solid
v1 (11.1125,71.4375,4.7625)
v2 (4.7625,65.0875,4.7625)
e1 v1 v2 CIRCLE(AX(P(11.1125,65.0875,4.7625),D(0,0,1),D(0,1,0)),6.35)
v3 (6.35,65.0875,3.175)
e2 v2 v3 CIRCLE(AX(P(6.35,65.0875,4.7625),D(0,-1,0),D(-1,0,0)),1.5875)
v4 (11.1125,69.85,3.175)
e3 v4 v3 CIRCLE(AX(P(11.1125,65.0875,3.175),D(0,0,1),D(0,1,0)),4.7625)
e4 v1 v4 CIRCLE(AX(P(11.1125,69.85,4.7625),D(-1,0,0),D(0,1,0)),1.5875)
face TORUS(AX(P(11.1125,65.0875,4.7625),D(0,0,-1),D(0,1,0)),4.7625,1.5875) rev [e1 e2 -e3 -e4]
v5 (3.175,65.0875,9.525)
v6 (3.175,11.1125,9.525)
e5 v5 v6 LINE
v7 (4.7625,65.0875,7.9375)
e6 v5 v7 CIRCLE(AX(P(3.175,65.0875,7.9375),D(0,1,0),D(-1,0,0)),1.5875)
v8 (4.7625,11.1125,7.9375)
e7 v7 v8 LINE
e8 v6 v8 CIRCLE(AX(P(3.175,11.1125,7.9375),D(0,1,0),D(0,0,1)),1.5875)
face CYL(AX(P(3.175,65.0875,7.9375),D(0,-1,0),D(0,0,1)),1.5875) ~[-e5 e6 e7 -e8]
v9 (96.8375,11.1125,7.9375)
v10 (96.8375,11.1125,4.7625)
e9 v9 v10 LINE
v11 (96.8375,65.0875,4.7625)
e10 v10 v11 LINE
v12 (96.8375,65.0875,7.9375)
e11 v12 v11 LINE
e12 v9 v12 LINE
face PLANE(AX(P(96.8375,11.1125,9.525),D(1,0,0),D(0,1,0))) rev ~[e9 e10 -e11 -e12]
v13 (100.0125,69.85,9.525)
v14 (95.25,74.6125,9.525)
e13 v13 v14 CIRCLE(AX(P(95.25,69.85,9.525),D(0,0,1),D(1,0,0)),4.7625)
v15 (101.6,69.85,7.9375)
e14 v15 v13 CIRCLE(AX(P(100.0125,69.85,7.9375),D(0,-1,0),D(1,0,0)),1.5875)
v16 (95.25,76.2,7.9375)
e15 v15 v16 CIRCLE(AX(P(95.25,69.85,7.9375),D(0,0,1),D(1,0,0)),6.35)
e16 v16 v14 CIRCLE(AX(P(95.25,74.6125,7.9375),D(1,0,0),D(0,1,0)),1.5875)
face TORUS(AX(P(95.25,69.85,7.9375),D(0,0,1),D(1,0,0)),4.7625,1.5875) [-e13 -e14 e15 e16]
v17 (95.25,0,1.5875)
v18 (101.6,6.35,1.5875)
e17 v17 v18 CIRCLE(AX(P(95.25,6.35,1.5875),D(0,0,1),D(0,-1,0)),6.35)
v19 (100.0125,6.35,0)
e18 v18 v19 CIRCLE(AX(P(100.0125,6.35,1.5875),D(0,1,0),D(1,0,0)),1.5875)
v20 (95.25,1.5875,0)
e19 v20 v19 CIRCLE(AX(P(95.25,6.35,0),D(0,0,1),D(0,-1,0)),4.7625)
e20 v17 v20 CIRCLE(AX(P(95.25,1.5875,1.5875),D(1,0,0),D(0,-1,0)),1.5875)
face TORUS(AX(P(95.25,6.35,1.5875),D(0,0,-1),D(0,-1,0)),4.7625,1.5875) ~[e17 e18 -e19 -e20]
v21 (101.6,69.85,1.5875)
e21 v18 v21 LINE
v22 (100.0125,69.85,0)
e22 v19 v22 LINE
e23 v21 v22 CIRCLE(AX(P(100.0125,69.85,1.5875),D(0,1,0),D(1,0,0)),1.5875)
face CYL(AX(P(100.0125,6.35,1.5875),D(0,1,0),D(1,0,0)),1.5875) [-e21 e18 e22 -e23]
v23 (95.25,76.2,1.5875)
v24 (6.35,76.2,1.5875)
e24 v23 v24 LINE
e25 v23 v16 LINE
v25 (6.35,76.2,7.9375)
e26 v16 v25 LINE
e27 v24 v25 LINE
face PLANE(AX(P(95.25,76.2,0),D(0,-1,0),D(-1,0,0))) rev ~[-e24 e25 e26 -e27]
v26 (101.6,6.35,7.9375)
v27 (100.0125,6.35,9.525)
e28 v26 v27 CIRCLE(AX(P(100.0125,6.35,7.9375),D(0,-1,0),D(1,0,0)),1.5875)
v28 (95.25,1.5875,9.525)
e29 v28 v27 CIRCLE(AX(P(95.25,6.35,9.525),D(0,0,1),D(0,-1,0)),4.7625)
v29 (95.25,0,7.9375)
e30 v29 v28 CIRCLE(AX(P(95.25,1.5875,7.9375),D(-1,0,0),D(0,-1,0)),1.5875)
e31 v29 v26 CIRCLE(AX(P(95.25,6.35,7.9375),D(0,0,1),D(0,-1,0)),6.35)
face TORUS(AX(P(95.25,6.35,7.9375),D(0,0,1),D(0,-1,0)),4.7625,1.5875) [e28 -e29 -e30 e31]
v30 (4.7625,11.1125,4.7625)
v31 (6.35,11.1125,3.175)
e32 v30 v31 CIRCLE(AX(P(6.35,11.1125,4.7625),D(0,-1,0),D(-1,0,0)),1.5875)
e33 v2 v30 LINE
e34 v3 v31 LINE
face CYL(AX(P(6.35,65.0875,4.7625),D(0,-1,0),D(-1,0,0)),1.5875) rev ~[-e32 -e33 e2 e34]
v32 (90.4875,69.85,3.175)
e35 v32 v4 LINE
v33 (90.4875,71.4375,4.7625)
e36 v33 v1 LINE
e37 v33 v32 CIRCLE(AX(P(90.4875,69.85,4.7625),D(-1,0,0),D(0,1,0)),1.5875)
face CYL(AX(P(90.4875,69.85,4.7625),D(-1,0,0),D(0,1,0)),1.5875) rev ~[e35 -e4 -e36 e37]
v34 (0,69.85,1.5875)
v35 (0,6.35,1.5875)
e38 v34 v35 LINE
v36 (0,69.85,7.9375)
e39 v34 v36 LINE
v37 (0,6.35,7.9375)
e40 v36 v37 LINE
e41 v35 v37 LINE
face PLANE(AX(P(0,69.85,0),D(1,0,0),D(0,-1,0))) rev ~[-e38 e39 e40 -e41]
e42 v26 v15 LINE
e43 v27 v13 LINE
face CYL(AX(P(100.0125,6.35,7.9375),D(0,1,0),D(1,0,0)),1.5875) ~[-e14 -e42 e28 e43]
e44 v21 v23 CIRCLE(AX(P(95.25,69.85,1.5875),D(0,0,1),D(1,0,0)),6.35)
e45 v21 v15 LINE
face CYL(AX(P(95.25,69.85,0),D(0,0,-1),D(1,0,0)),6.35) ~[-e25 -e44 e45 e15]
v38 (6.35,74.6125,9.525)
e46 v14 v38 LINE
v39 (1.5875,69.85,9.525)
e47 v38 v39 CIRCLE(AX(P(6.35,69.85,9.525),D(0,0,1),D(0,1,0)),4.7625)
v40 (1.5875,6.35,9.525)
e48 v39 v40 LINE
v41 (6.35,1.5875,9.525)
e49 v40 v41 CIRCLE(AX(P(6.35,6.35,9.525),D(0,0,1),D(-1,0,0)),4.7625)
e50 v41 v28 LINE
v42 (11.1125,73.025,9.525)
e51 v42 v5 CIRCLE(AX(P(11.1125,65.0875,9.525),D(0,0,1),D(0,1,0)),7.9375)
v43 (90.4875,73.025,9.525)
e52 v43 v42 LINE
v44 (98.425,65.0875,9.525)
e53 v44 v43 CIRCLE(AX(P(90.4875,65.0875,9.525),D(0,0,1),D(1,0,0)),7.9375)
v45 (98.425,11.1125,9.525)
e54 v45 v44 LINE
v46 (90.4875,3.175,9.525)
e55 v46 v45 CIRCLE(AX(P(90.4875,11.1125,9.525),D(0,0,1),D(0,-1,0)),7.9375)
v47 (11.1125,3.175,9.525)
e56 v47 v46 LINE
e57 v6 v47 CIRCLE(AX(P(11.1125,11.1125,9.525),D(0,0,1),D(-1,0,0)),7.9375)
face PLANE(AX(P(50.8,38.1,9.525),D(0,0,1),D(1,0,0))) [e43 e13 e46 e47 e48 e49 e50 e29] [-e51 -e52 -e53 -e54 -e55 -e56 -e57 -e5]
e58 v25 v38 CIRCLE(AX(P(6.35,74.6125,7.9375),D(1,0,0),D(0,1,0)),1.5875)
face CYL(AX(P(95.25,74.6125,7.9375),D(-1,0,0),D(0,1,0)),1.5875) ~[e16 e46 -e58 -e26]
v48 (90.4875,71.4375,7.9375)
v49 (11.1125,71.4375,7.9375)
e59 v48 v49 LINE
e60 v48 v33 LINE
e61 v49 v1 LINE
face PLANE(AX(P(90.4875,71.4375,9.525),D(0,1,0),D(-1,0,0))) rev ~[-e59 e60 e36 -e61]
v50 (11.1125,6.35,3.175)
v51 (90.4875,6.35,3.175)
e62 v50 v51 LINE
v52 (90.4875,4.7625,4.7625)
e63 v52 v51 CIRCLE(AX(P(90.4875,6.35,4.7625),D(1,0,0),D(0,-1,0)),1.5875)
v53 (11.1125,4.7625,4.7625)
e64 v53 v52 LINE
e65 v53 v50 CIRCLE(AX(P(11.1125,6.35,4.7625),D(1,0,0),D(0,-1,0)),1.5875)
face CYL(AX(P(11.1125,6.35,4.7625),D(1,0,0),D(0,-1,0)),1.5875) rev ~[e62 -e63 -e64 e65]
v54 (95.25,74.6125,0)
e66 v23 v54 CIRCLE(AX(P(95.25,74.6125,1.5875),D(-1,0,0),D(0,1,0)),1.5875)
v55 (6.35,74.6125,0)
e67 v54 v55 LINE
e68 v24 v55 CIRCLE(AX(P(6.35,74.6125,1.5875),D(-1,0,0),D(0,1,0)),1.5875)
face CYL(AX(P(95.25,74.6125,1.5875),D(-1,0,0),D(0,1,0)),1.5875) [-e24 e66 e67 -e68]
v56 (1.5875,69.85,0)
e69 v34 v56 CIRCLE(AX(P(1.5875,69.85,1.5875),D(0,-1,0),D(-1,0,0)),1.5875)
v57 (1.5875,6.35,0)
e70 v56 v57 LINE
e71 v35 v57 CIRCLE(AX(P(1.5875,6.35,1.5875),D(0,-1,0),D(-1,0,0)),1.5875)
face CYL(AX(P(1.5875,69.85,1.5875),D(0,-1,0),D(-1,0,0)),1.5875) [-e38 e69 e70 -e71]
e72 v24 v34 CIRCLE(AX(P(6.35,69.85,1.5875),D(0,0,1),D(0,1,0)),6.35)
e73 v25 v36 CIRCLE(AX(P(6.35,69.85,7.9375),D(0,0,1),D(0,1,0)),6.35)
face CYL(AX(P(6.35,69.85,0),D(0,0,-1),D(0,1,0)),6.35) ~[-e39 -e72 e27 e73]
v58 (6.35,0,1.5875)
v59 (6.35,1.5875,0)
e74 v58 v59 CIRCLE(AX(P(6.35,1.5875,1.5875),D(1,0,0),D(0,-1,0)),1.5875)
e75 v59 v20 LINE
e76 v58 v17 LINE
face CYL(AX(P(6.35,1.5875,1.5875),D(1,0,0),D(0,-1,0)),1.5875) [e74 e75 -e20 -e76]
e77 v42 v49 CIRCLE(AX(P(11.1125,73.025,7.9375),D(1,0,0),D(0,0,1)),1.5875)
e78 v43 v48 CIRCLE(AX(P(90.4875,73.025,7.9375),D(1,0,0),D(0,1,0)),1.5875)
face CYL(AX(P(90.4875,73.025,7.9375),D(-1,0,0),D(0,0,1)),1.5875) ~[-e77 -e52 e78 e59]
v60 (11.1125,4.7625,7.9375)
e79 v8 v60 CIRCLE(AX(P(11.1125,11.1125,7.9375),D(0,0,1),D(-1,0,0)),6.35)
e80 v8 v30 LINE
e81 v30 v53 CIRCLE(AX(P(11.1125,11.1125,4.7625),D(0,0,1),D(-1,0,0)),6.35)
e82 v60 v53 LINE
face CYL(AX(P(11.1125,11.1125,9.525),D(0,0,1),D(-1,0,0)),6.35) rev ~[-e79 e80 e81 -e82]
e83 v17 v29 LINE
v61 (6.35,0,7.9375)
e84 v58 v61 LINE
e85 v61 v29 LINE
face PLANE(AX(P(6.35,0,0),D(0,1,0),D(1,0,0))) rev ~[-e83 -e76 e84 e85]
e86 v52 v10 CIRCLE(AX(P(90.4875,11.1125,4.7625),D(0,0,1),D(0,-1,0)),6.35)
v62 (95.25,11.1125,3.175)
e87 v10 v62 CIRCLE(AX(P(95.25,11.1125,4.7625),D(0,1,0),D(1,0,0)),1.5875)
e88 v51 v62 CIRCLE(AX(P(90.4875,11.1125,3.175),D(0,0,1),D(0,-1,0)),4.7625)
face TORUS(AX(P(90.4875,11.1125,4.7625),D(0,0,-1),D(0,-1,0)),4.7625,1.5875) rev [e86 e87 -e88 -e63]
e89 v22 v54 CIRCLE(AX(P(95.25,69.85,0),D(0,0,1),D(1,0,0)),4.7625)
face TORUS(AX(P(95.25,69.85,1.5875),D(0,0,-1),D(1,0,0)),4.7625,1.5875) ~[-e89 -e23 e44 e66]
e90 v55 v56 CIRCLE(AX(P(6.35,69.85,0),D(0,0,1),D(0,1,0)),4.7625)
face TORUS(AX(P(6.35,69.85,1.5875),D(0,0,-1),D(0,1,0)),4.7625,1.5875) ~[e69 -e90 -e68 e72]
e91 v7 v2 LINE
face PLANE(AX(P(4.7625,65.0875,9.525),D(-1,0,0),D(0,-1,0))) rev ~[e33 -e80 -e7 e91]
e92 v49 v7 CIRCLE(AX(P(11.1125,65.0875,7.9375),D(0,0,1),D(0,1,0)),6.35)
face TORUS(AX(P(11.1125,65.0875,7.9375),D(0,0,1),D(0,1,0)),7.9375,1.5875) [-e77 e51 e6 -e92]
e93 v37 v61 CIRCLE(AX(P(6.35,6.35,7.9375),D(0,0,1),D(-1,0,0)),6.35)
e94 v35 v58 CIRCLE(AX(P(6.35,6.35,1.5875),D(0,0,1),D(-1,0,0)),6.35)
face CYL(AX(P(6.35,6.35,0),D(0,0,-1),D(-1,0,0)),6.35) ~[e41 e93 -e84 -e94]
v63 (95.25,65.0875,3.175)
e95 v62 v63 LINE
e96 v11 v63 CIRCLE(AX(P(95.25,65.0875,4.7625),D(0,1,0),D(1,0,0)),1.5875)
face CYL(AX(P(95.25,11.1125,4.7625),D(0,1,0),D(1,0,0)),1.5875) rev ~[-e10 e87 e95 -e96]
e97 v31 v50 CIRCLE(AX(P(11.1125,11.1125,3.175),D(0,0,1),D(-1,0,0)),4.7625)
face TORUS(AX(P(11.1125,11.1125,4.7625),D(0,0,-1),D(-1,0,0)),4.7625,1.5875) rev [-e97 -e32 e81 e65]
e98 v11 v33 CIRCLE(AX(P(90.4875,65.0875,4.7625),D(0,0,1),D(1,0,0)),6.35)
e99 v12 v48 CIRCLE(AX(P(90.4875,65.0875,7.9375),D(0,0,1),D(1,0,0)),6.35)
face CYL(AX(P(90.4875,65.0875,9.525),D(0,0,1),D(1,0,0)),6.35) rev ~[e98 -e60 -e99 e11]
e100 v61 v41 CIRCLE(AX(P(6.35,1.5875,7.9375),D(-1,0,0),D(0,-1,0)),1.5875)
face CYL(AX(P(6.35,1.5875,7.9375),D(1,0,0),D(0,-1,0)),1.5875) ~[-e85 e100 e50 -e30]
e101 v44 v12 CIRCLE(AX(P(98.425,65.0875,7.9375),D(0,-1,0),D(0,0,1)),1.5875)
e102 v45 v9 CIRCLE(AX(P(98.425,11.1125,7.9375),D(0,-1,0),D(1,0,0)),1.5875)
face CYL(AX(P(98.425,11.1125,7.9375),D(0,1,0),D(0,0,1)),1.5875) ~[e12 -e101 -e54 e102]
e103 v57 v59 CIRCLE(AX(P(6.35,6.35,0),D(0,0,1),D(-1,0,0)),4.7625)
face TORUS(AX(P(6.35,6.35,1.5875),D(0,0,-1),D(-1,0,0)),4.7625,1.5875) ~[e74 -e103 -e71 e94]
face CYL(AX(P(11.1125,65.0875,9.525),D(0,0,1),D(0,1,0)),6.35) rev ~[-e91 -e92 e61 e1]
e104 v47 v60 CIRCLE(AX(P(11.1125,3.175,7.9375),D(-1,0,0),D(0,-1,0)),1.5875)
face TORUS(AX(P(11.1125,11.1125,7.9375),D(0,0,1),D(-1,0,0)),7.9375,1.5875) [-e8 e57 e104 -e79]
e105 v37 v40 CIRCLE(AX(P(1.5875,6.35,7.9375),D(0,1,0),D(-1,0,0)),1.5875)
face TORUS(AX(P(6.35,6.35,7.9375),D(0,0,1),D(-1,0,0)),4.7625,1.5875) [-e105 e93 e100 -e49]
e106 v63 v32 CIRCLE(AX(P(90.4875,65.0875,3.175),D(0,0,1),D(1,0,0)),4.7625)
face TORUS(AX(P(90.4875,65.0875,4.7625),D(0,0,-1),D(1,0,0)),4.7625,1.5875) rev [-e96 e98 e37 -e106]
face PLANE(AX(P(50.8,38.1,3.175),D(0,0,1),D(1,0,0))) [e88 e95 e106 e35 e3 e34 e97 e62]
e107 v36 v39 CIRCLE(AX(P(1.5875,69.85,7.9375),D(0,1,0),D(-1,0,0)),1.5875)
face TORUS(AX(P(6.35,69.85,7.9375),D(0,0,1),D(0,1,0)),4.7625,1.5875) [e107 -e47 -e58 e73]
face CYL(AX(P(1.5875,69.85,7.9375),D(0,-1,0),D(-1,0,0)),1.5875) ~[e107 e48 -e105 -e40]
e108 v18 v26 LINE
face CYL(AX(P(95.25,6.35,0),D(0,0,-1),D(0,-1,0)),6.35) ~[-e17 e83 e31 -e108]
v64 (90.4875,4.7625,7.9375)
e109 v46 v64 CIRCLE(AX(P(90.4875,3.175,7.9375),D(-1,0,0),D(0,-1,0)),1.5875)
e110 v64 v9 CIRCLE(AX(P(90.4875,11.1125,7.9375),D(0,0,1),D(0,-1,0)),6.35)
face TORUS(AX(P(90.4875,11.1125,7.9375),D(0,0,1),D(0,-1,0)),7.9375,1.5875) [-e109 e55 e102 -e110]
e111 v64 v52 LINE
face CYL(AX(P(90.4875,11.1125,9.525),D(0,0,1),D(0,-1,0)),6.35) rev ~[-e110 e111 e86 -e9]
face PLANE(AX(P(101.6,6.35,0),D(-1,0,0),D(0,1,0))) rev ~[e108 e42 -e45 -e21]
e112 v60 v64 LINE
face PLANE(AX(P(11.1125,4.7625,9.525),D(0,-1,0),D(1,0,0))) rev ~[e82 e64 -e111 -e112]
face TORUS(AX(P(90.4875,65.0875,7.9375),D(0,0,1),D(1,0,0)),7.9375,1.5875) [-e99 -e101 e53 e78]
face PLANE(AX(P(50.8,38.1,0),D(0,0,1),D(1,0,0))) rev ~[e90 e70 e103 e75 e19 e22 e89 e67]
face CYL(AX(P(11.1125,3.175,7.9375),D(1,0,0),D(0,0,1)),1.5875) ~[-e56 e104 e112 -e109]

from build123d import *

# Parameters (mm, degrees)
F1_DEPTH = 9.525
F3_DEPTH = 6.35
F4_R     = 1.5875
F5_R     = 1.5875


with BuildPart() as f1:
    # F0 (on Top) → F1 (new body)
    with BuildSketch(Plane.XY):
        with BuildLine():
            ThreePointArc((0, 6.35), (1.8598719395, 1.8598719395), (6.35, 0))
            Line((6.35, 0), (95.25, 0))
            ThreePointArc((95.25, 0), (99.7401280605, 1.8598719395), (101.6, 6.35))
            Line((101.6, 6.35), (101.6, 69.85))
            ThreePointArc((101.6, 69.85), (99.7401280605, 74.3401280605), (95.25, 76.2))
            Line((95.25, 76.2), (6.35, 76.2))
            ThreePointArc((6.35, 76.2), (1.8598719395, 74.3401280605), (0, 69.85))
            Line((0, 69.85), (0, 6.35))
        make_face()
    extrude(amount=F1_DEPTH)

    # F2 (on face) → F3 (cut)
    with BuildSketch(Plane.XY.offset(9.525)):
        with BuildLine():
            ThreePointArc((96.8375, 65.0875), (94.9776280605, 69.5776280605), (90.4875, 71.4375))
            Line((90.4875, 71.4375), (11.1125, 71.4375))
            ThreePointArc((11.1125, 71.4375), (6.6223719395, 69.5776280605), (4.7625, 65.0875))
            Line((4.7625, 65.0875), (4.7625, 11.1125))
            ThreePointArc((4.7625, 11.1125), (6.6223719395, 6.6223719395), (11.1125, 4.7625))
            Line((11.1125, 4.7625), (90.4875, 4.7625))
            ThreePointArc((90.4875, 4.7625), (94.9776280605, 6.6223719395), (96.8375, 11.1125))
            Line((96.8375, 11.1125), (96.8375, 65.0875))
        make_face()
    extrude(amount=-F3_DEPTH, mode=Mode.SUBTRACT)

    # F4
    f4_edges = [f1.edges().sort_by_distance(p)[0] for p in [
        (0, 38.1, 9.525),
        (1.859872, 74.340128, 9.525),
        (1.859872, 1.859872, 9.525),
        (50.8, 76.2, 9.525),
        (50.8, 0, 9.525),
        (99.740128, 74.340128, 9.525),
        (99.740128, 1.859872, 9.525),
        (101.6, 38.1, 9.525),
        (94.977628, 6.622372, 9.525),
        (96.8375, 38.1, 9.525),
        (94.977628, 69.577628, 9.525),
        (50.8, 71.4375, 9.525),
        (6.622372, 69.577628, 9.525),
        (4.7625, 38.1, 9.525),
        (6.622372, 6.622372, 9.525),
        (50.8, 4.7625, 9.525),
        (0, 38.1, 0),
        (1.859872, 1.859872, 0),
        (50.8, 0, 0),
        (99.740128, 1.859872, 0),
        (101.6, 38.1, 0),
        (99.740128, 74.340128, 0),
        (50.8, 76.2, 0),
        (1.859872, 74.340128, 0),
    ]]
    fillet(f4_edges, radius=F4_R)

    # F5
    f5_edges = [f1.edges().sort_by_distance(p)[0] for p in [
        (94.977628, 6.622372, 3.175),
        (96.8375, 38.1, 3.175),
        (94.977628, 69.577628, 3.175),
        (50.8, 71.4375, 3.175),
        (6.622372, 69.577628, 3.175),
        (4.7625, 38.1, 3.175),
        (6.622372, 6.622372, 3.175),
        (50.8, 4.7625, 3.175),
    ]]
    fillet(f5_edges, radius=F5_R)


solid = f1.part
